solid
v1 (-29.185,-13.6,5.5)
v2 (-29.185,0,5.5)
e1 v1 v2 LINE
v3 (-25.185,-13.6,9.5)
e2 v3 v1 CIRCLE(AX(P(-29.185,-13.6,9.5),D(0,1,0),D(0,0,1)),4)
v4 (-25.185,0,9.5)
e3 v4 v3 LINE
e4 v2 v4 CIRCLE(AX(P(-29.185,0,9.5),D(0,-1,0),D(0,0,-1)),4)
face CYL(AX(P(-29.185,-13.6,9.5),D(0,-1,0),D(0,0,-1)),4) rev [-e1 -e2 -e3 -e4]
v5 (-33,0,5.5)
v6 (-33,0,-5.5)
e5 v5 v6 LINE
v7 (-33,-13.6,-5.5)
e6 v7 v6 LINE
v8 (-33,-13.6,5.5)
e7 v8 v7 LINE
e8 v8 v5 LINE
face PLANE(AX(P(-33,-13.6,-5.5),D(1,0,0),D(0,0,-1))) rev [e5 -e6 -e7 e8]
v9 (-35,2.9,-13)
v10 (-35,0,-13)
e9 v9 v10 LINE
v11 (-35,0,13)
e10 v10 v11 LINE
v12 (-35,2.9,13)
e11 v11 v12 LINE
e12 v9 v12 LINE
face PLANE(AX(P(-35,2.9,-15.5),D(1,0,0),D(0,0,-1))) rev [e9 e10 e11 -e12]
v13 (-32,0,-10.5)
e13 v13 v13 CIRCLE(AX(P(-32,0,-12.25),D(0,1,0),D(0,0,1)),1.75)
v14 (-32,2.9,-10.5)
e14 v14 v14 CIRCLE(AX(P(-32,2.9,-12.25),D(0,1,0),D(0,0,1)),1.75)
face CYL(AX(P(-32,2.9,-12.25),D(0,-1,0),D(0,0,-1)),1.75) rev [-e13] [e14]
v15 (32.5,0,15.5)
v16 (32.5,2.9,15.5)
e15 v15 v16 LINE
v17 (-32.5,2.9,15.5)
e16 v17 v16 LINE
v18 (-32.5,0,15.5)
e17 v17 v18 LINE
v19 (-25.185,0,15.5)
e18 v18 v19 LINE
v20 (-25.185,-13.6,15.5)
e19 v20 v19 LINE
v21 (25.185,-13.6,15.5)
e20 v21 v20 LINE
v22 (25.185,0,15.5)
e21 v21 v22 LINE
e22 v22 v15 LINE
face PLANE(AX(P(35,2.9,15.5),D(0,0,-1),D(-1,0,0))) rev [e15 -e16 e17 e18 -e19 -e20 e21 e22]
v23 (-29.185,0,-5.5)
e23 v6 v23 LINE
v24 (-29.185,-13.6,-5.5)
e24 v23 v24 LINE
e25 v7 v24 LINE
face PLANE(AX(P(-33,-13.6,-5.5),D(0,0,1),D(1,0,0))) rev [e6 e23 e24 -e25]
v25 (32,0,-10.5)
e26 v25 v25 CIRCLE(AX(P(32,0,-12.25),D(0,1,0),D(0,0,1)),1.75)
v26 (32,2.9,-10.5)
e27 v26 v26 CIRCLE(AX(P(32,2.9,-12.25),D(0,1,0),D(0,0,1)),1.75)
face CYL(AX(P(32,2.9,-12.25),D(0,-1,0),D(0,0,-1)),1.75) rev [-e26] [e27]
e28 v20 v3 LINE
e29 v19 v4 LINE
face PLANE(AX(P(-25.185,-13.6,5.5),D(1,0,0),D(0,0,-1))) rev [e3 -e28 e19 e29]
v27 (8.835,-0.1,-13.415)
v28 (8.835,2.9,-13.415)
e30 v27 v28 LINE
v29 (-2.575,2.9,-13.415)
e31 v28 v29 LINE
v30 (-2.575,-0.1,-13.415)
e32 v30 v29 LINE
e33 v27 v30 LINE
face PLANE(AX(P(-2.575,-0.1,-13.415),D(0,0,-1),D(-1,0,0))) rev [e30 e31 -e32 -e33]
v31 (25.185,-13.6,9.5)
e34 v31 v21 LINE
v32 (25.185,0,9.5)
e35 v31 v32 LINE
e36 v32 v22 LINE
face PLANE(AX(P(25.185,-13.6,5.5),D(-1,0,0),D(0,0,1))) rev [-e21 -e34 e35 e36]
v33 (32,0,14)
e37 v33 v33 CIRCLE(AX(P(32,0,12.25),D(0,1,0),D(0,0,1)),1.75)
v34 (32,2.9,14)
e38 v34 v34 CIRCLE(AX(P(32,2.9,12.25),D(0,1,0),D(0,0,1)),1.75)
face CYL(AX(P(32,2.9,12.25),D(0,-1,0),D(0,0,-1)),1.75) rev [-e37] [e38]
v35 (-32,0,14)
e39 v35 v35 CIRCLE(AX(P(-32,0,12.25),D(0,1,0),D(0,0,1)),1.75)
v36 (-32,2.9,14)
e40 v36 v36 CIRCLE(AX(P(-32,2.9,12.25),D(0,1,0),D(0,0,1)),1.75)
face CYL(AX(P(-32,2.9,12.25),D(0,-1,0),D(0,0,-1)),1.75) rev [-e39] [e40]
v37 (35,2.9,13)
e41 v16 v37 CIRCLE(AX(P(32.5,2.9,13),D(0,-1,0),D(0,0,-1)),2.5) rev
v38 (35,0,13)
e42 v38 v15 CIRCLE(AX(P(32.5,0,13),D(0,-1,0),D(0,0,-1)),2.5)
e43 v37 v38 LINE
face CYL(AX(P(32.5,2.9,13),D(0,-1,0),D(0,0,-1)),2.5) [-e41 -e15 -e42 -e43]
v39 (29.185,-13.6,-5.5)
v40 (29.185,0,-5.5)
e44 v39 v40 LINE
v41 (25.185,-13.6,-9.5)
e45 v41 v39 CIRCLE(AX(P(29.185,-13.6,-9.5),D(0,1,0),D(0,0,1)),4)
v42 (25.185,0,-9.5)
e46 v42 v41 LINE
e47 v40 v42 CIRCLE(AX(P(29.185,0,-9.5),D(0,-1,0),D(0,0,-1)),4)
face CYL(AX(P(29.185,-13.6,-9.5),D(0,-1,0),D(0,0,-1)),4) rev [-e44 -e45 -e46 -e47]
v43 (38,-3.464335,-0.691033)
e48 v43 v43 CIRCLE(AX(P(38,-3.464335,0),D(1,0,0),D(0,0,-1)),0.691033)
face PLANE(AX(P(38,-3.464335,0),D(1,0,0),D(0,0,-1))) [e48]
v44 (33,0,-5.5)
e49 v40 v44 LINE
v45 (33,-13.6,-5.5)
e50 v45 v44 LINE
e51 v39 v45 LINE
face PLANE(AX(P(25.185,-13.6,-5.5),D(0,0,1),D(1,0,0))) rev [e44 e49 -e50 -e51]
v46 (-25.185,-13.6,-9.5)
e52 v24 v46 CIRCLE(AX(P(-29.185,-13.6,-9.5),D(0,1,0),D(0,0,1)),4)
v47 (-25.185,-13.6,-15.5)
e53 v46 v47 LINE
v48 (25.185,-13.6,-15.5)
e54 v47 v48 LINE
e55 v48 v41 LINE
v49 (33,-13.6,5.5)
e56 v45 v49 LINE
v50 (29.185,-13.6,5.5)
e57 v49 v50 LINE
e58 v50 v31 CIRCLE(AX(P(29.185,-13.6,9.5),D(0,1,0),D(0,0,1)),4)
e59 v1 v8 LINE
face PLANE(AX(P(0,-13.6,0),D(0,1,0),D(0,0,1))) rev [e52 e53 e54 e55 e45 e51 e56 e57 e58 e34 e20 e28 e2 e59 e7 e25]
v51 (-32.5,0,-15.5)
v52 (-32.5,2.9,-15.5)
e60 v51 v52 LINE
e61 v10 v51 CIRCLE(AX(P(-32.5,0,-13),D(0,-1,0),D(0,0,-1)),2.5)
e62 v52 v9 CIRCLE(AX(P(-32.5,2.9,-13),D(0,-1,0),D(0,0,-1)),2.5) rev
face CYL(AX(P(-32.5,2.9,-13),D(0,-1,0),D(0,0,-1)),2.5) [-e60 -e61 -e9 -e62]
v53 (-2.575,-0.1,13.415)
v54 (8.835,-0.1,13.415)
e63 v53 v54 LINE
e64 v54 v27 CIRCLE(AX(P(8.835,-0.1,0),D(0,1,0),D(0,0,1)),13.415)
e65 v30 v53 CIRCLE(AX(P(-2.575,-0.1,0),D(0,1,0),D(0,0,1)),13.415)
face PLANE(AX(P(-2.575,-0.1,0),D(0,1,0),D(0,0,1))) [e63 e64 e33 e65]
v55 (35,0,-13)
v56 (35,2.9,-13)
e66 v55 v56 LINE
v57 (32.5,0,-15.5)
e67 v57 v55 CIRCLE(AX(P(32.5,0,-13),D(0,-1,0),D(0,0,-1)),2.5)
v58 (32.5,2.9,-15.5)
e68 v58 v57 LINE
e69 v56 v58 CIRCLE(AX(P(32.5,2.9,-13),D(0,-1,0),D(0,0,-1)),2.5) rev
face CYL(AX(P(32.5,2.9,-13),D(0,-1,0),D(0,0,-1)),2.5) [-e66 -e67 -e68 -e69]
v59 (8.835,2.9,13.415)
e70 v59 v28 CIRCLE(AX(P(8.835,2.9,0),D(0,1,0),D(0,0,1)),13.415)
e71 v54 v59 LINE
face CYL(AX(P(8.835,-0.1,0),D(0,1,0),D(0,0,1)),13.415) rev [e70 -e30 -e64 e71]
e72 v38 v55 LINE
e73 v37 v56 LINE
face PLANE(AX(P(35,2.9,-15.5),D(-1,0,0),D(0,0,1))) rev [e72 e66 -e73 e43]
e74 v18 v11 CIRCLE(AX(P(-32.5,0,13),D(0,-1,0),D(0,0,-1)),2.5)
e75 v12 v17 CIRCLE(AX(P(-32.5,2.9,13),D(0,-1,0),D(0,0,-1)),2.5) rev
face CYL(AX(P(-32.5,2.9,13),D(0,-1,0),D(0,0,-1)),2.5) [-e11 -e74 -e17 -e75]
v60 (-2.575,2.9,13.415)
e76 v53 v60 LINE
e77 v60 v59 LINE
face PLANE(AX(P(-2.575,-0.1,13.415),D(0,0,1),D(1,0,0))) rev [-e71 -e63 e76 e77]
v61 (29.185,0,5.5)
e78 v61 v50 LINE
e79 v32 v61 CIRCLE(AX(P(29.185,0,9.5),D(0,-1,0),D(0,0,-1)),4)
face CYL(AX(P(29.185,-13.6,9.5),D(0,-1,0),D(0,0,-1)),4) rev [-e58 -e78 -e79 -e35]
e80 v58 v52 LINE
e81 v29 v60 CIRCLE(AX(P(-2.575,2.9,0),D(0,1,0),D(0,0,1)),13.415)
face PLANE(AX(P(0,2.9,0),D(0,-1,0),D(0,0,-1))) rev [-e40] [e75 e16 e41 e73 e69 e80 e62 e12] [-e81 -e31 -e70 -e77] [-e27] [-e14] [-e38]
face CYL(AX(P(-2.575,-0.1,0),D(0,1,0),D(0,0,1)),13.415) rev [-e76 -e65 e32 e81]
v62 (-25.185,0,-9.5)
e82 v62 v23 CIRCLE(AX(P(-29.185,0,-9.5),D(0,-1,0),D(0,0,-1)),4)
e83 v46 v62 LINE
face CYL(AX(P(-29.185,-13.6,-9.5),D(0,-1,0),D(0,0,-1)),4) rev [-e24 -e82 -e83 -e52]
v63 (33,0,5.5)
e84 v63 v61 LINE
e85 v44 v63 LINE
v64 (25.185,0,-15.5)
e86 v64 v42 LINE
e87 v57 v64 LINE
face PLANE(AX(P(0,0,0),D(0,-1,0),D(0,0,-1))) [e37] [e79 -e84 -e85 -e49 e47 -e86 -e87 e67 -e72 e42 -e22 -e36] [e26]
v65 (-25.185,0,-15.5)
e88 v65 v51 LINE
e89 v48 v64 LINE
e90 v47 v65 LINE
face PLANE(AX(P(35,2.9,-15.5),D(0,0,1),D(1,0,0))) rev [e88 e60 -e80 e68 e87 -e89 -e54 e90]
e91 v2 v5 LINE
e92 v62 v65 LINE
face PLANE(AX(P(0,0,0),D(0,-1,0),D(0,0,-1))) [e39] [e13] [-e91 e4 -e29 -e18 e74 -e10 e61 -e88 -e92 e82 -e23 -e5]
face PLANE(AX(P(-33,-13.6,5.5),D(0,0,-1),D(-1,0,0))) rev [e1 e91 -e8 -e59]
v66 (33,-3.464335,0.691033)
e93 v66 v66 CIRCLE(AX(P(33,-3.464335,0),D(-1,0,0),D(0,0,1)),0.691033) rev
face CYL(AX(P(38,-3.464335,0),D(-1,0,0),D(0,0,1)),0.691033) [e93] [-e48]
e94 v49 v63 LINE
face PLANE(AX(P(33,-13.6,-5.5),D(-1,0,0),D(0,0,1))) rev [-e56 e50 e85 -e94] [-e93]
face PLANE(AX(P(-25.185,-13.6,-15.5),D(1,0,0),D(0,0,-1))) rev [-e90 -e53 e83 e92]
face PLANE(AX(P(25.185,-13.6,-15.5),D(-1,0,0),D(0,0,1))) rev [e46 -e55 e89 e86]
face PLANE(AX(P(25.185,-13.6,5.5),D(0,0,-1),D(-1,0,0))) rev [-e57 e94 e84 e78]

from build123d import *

# Parameters (mm, degrees)
SKETCH1_W           = 70
SKETCH1_H           = 31
SKETCH1_R           = 1.75
BOSS_EXTRUDE1_DEPTH = 2.9
FILLET1_R           = 2.5
BOSS_EXTRUDE2_DEPTH = 13.6
FILLET2_R           = 4
CUT_EXTRUDE1_DEPTH  = 3
SKETCH4_R           = 0.691032606
BOSS_EXTRUDE3_DEPTH = 5


with BuildPart() as part:
    # Sketch1 → Boss-Extrude1 (new body)
    with BuildSketch(Plane(origin=(0, 0, 0), x_dir=(1, 0, 0), z_dir=(0, 1, 0))):
        Rectangle(SKETCH1_W, SKETCH1_H)
        with Locations(Location((-32, 12.25, 0), (0, 0, 270))):
            Circle(SKETCH1_R, mode=Mode.SUBTRACT)
        with Locations(Location((-32, -12.25, 0), (0, 0, 270))):
            Circle(SKETCH1_R, mode=Mode.SUBTRACT)
        with Locations(Location((32, -12.25, 0), (0, 0, 270))):
            Circle(SKETCH1_R, mode=Mode.SUBTRACT)
        with Locations(Location((32, 12.25, 0), (0, 0, 270))):
            Circle(SKETCH1_R, mode=Mode.SUBTRACT)
    extrude(amount=BOSS_EXTRUDE1_DEPTH)

    # Fillet1
    fillet1_edges = [part.edges().sort_by_distance(p)[0] for p in [
        (-35, 1.45, -15.5),
        (35, 1.45, -15.5),
        (35, 1.45, 15.5),
        (-35, 1.45, 15.5),
    ]]
    fillet(fillet1_edges, radius=FILLET1_R)

    # Sketch2 → Boss-Extrude2 (add)
    with BuildSketch(Plane.XZ):
        Polygon((-25.185, -15.5), (25.185, -15.5), (25.185, -5.5), (33, -5.5), (33, 5.5), (25.185, 5.5), (25.185, 15.5), (-25.185, 15.5), (-25.185, 5.5), (-33, 5.5), (-33, -5.5), (-25.185, -5.5), align=None)
    extrude(amount=BOSS_EXTRUDE2_DEPTH)

    # Fillet2
    fillet2_edges = [part.edges().sort_by_distance(p)[0] for p in [
        (25.185, -6.8, 5.5),
        (-25.185, -6.8, 5.5),
        (-25.185, -6.8, -5.5),
        (25.185, -6.8, -5.5),
    ]]
    fillet(fillet2_edges, radius=FILLET2_R)

    # Sketch3 → Cut-Extrude1 (cut)
    with BuildSketch(Plane(origin=(0, 2.9, 0), x_dir=(1, 0, 0), z_dir=(0, 1, 0))):
        with BuildLine():
            Line((-2.575, 13.415), (8.835, 13.415))
            ThreePointArc((8.835, 13.415), (22.25, 0), (8.835, -13.415))
            Line((8.835, -13.415), (-2.575, -13.415))
            ThreePointArc((-2.575, -13.415), (-15.99, 0), (-2.575, 13.415))
        make_face()
    extrude(amount=-CUT_EXTRUDE1_DEPTH, mode=Mode.SUBTRACT)

    # Sketch4 → Boss-Extrude3 (add)
    with BuildSketch(Plane(origin=(33, 0, 0), x_dir=(0, 0, -1), z_dir=(1, 0, 0))):
        with Locations(Location((0, -3.46433499, 0), (0, 0, 180))):
            Circle(SKETCH4_R)
    extrude(amount=BOSS_EXTRUDE3_DEPTH)


solid = part.part
